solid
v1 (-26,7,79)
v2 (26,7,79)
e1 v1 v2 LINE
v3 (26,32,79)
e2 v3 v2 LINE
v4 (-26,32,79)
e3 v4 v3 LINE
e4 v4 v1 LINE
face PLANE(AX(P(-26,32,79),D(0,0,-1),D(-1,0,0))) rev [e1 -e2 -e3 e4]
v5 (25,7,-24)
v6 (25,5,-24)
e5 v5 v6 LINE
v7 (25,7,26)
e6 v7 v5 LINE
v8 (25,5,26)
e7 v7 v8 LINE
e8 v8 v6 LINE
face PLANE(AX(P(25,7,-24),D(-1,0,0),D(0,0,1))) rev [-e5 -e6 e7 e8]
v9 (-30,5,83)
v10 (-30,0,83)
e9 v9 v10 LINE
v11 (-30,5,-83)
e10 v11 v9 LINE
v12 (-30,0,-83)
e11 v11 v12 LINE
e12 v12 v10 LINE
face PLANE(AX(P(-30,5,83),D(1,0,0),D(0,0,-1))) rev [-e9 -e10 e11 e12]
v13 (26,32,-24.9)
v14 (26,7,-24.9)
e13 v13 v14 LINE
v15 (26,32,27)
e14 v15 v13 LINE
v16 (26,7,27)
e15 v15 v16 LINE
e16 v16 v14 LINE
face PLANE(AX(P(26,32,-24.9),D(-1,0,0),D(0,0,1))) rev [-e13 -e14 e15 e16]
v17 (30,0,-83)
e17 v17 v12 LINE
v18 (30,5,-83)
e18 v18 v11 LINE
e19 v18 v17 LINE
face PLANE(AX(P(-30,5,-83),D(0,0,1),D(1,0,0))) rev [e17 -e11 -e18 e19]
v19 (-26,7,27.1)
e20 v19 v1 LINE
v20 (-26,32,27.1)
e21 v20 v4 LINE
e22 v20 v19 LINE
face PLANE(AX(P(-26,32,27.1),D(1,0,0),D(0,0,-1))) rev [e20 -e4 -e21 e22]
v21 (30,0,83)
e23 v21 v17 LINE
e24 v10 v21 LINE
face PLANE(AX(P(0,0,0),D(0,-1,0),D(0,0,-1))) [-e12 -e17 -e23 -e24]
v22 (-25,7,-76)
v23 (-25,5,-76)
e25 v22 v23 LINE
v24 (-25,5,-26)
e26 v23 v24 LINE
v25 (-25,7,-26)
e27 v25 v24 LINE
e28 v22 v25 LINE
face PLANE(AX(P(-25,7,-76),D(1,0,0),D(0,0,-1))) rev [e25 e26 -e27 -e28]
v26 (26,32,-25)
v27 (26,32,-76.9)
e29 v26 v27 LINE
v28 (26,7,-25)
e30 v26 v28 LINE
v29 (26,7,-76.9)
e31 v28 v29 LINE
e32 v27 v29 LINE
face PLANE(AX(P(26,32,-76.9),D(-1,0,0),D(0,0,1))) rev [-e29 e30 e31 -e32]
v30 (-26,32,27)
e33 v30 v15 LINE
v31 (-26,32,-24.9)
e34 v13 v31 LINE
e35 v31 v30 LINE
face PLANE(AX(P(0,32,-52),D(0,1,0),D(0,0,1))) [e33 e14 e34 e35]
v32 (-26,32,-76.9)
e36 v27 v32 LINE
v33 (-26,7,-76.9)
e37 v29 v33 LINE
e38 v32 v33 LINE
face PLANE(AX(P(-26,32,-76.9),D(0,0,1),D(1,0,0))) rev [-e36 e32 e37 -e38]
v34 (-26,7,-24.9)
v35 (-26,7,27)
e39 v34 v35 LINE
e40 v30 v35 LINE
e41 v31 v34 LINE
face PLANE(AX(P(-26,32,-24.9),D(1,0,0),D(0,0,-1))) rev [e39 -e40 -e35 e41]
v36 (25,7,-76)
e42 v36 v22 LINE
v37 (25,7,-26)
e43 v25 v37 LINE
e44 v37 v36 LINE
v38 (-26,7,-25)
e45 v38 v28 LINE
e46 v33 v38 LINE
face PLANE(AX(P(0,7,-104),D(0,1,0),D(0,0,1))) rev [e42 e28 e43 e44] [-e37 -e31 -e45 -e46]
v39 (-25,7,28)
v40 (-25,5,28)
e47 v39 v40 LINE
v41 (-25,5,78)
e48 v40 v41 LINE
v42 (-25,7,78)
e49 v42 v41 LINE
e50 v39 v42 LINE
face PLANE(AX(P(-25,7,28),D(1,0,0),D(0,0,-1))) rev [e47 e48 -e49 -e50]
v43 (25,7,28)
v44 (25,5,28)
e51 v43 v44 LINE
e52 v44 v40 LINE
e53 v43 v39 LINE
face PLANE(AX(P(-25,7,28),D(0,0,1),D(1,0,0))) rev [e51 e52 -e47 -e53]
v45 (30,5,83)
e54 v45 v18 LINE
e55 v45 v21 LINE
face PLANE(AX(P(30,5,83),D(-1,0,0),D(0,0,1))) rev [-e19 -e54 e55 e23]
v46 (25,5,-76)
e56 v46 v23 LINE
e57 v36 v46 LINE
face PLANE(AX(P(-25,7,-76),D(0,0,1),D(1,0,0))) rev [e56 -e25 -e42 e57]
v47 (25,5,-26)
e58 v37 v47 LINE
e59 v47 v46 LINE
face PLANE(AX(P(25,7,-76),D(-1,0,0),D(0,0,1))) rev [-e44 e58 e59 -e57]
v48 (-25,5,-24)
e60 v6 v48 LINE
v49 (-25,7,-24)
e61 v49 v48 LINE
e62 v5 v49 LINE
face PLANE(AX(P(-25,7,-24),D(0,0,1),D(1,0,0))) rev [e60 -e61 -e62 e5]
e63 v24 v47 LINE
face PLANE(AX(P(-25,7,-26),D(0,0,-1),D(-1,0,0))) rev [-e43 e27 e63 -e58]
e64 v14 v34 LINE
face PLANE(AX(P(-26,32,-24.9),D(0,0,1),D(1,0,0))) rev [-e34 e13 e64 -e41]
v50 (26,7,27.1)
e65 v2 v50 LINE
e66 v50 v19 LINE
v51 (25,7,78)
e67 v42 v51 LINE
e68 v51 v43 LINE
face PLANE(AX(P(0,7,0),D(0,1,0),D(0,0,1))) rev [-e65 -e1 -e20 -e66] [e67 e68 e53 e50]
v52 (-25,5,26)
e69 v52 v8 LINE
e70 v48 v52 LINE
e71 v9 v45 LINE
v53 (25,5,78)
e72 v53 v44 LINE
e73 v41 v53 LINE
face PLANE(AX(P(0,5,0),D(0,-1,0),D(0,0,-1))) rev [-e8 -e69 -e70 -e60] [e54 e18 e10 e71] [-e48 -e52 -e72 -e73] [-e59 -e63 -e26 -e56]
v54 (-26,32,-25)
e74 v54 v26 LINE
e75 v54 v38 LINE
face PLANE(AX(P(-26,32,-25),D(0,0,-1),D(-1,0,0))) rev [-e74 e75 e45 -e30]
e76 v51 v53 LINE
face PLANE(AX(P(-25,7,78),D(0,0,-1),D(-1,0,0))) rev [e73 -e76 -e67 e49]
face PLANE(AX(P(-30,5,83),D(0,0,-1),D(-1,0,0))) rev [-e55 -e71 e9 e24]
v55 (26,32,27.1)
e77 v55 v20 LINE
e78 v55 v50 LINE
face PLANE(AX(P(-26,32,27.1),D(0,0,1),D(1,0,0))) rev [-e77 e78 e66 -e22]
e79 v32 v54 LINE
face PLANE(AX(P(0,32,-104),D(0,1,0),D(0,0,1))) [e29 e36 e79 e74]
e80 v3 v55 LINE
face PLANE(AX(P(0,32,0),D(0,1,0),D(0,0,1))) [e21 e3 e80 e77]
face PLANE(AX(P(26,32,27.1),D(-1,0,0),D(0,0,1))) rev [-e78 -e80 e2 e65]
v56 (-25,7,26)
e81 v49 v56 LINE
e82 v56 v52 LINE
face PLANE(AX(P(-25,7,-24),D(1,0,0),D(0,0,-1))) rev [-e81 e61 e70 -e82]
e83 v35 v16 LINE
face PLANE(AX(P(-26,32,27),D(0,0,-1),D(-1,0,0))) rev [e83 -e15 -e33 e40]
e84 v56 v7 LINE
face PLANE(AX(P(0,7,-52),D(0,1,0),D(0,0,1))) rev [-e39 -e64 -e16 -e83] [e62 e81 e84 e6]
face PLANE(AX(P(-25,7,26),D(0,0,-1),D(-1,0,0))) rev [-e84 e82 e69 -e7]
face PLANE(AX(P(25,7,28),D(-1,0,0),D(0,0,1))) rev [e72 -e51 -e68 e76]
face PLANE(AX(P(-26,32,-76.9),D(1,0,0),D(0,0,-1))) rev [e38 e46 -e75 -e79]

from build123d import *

# Parameters (mm, degrees)
SKETCH1_W           = 60
SKETCH1_H           = 166
BOSS_EXTRUDE1_DEPTH = 5
SKETCH2_W           = 50
SKETCH2_H           = 50
BOSS_EXTRUDE3_DEPTH = 2
LPATTERN1_COUNT     = 3
LPATTERN1_PITCH     = 52
SKETCH3_W           = 52
SKETCH3_H           = 51.9
BOSS_EXTRUDE8_DEPTH = 25
LPATTERN5_COUNT     = 3
LPATTERN5_PITCH     = 52


with BuildPart() as part:
    # Sketch1 → Boss-Extrude1 (new body)
    with BuildSketch(Plane(origin=(0, 0, 0), x_dir=(1, 0, 0), z_dir=(0, 1, 0))):
        Rectangle(SKETCH1_W, SKETCH1_H)
    extrude(amount=BOSS_EXTRUDE1_DEPTH)

    # Sketch2 → Boss-Extrude3 (add)
    with BuildSketch(Plane(origin=(0, 5, 0), x_dir=(1, 0, 0), z_dir=(0, 1, 0))):
        with Locations((0, -53)):
            Rectangle(SKETCH2_W, SKETCH2_H)
    boss_extrude3 = extrude(amount=BOSS_EXTRUDE3_DEPTH)

    # LPattern1: Boss-Extrude3 ×3
    with Locations(*[(0, 0, -i * LPATTERN1_PITCH) for i in range(1, LPATTERN1_COUNT)]):
        add(boss_extrude3)

    # Sketch3 → Boss-Extrude8 (add)
    with BuildSketch(Plane(origin=(0, 7, 0), x_dir=(1, 0, 0), z_dir=(0, 1, 0))):
        with Locations((0, -53.05)):
            Rectangle(SKETCH3_W, SKETCH3_H)
    boss_extrude8 = extrude(amount=BOSS_EXTRUDE8_DEPTH)

    # LPattern5: Boss-Extrude8 ×3
    with Locations(*[(0, 0, -i * LPATTERN5_PITCH) for i in range(1, LPATTERN5_COUNT)]):
        add(boss_extrude8)


solid = part.part
